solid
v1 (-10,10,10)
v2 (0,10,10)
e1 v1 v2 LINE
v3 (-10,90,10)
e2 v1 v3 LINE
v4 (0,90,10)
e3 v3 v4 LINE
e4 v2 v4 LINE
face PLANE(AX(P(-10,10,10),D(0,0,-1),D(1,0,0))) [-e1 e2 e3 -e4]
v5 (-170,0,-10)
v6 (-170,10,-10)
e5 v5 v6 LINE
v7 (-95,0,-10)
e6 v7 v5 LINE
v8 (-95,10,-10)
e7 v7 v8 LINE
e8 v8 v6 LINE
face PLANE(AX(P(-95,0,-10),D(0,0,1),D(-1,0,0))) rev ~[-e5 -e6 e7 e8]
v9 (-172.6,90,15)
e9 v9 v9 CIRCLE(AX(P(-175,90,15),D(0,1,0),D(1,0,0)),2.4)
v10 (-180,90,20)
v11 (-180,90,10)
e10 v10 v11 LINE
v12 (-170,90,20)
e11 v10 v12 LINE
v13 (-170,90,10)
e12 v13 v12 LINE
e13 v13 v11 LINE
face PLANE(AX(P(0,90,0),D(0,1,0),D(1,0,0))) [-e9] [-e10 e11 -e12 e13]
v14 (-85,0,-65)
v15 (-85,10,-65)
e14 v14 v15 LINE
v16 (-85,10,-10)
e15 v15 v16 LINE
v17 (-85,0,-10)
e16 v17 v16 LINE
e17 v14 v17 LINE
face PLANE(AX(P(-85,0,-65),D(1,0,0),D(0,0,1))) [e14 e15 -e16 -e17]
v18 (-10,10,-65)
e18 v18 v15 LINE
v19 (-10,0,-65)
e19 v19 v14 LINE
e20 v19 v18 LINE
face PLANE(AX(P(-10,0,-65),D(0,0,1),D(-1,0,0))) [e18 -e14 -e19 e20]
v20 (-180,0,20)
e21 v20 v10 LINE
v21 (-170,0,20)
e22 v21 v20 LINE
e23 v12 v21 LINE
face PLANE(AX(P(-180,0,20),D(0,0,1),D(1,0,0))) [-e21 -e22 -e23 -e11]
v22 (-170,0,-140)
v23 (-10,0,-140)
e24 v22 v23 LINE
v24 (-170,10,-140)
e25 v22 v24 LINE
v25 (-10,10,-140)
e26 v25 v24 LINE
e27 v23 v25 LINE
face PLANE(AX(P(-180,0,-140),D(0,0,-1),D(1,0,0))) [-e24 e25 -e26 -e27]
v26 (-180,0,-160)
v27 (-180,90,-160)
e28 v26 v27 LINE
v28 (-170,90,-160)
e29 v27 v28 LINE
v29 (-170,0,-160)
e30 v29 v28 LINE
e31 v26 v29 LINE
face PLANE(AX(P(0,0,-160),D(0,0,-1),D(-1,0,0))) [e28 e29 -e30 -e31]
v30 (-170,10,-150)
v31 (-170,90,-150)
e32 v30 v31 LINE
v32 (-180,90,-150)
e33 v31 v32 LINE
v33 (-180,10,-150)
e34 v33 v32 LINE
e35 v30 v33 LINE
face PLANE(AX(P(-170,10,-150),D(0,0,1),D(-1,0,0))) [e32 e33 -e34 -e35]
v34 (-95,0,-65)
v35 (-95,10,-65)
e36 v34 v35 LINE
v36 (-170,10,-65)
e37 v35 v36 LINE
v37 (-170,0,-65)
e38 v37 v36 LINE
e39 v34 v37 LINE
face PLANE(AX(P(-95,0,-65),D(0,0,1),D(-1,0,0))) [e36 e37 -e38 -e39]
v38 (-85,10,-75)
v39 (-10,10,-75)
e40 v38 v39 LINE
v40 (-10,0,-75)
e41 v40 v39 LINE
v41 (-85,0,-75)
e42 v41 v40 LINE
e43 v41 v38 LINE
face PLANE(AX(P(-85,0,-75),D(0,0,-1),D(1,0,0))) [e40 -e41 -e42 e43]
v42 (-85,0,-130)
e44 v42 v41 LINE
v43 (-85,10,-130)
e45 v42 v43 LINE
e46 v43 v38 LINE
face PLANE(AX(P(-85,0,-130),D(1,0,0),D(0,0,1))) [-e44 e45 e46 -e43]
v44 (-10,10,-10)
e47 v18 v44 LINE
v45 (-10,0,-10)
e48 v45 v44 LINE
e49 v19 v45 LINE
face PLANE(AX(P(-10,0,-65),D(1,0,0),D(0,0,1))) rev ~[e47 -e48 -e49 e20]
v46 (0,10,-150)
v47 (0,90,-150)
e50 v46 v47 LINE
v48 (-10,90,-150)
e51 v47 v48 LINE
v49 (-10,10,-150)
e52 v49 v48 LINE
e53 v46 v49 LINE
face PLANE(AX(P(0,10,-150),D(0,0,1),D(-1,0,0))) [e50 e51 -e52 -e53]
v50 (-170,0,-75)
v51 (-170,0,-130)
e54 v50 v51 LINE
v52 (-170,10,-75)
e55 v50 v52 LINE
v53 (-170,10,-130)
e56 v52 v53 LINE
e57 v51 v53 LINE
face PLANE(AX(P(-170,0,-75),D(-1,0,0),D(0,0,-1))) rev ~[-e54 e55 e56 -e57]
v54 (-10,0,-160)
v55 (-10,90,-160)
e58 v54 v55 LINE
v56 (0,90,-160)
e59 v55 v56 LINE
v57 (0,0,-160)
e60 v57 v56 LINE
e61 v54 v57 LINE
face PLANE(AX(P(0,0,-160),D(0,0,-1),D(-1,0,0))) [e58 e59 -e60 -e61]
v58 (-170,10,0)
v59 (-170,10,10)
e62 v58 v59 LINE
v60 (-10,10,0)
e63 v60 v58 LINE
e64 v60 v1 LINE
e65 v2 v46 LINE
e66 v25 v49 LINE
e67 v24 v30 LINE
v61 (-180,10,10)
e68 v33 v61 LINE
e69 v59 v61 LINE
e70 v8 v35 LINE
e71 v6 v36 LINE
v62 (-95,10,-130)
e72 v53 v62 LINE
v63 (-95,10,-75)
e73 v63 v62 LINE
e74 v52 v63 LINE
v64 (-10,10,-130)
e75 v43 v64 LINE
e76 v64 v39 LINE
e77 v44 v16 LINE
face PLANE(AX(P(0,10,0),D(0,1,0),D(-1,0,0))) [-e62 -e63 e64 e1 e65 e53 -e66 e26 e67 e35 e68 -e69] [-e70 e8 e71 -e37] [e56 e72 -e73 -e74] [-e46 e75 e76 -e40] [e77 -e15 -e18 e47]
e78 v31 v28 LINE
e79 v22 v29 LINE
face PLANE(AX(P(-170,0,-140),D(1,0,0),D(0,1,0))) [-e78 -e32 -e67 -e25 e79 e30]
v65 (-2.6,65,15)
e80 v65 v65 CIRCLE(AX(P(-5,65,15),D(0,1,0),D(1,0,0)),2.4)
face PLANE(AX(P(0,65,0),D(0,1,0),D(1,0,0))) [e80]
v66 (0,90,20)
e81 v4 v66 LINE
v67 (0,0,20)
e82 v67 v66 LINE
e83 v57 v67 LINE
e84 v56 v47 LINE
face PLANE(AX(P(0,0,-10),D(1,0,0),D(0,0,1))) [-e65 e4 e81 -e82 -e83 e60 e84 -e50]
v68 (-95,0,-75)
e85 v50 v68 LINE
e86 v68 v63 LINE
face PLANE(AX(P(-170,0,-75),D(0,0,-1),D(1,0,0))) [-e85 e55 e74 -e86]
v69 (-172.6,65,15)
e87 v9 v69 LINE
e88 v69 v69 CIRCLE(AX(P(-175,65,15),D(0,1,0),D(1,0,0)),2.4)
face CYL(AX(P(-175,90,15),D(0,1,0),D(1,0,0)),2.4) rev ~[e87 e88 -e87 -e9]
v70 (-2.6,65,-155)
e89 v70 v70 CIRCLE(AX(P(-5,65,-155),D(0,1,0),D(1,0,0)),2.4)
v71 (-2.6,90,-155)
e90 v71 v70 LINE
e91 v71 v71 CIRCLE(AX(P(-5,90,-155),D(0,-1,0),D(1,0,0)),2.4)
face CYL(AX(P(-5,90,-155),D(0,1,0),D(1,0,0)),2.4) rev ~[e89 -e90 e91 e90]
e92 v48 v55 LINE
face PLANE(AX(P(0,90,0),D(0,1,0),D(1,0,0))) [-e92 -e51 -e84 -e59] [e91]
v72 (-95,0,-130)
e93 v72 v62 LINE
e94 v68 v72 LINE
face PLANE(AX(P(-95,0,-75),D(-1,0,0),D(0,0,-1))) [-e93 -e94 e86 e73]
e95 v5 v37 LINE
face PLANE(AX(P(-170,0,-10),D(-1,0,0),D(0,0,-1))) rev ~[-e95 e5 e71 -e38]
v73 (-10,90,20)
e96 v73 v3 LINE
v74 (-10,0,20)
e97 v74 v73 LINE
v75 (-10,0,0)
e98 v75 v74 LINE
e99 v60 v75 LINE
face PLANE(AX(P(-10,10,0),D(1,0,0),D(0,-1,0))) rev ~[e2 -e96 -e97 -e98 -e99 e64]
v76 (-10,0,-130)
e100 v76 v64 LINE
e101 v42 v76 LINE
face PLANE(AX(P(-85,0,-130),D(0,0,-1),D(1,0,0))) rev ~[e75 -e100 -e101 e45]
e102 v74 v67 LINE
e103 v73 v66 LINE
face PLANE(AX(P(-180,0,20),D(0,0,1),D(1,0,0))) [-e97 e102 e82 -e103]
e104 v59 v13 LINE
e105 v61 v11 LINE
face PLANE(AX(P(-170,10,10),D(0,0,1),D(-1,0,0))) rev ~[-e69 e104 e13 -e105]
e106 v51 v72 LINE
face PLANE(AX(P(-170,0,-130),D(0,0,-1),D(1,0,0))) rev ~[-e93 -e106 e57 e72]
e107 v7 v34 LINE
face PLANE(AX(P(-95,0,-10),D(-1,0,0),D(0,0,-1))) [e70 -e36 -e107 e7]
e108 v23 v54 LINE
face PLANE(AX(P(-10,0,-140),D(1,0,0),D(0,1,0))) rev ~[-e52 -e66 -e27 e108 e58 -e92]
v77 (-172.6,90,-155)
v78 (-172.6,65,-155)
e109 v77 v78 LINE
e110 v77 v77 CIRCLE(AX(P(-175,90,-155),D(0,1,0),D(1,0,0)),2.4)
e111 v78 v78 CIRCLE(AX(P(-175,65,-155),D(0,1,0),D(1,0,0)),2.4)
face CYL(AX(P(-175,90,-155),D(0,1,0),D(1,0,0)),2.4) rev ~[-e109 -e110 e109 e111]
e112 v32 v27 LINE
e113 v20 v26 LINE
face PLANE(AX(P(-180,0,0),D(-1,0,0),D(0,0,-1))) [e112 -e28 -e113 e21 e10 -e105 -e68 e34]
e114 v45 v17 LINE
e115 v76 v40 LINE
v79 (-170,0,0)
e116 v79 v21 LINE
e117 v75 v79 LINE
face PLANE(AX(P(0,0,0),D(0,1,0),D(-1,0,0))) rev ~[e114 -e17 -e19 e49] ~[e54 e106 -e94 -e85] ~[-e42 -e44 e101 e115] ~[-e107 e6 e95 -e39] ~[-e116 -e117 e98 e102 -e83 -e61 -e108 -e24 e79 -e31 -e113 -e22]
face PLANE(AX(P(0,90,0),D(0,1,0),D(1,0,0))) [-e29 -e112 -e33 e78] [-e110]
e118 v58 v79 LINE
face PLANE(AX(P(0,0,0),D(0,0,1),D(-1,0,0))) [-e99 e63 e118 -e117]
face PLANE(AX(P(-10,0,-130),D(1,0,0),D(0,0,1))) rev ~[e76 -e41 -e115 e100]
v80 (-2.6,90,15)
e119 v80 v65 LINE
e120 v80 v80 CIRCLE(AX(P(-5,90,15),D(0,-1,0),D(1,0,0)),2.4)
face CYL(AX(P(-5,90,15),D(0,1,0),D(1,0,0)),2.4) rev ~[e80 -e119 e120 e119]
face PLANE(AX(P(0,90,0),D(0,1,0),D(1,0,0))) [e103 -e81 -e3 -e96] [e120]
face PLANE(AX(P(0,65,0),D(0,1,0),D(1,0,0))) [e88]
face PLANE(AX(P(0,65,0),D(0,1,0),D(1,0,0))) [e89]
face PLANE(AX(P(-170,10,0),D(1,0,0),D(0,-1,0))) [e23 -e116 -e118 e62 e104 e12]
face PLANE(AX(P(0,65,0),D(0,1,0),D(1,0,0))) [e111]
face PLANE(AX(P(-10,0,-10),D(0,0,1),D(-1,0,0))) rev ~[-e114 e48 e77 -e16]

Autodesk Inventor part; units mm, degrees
ref_plane "YZ Plane" through (0, 0, 0) normal (1, 0, 0) x (0, 1, 0)
ref_plane "XZ Plane" through (0, 0, 0) normal (0, 1, 0) x (-1, 0, 0)
ref_plane "XY Plane" through (0, 0, 0) normal (0, 0, 1) x (1, 0, 0)
sketch "Sketch1" plane through (0, 0, 0) normal (0, 1, 0) x (-1, 0, 0)
  line L0 (0, 0) -> (180, 0)
  line L1 (180, 0) -> (180, -140)
  line L2 (180, -140) -> (0, -140)
  line L3 (0, -140) -> (0, 0)
  line L4 (0, 0) -> (0, -10)
  line L5 (0, -10) -> (10, -10)
  line L6 (180, -140) -> (170, -140)
  line L7 (170, -140) -> (170, -130)
  line L8 (170, -130) -> (10, -130)
  line L9 (10, -130) -> (10, -10)
  line L10 (10, -10) -> (170, -10)
  line L11 (170, -10) -> (170, -130)
  line L12 (90, -130) -> (95, -130)
  line L13 (95, -130) -> (85, -130)
  line L14 (85, -130) -> (85, -10)
  line L15 (85, -10) -> (95, -10)
  line L16 (95, -10) -> (95, -130)
  line L17 (170, -70) -> (170, -75)
  line L18 (170, -75) -> (10, -75)
  line L19 (10, -75) -> (10, -65)
  line L20 (10, -65) -> (170, -65)
  line L21 (170, -65) -> (170, -75)
  dimension "d0" = 180
  dimension "d1" = 140
  dimension "d2" = 10
  dimension "d3" = 10
  dimension "d4" = 10
  dimension "d5" = 10
  dimension "d6" = 5
  dimension "d7" = 10
  dimension "d8" = 5
  dimension "d9" = 10
extrude "Extrusion1" add sketch "Sketch1" along normal blind 10 contours L0 L1 L2 L7 L11 L10 L5 L3 | L5 L9 L8 L7 L2 L3 | L20 L14 L18 L9 | L10 L16 L20 L14 | L20 L16 L18 L14 | L8 L14 L18 L16 | L18 L16 L20 L11
sketch "Sketch2" plane through (0, 0, -140) normal (0, 0, -1) x (-1, 0, 0)
  line L0 (180, 0) -> (0, 0) projected
  line L1 (170, 0) -> (170, 10) projected
  line L2 (180, 0) -> (170, 0)
  line L3 (170, 0) -> (170, 10)
  line L4 (170, 10) -> (180, 10)
  line L5 (180, 10) -> (180, 0)
  line L6 (10, 0) -> (10, 10) projected
  line L7 (0, 0) -> (10, 0)
  line L8 (10, 0) -> (10, 10)
  line L9 (10, 10) -> (0, 10)
  line L10 (0, 10) -> (0, 0)
  dimension "d12" = 10
  dimension "d13" = 10
  dimension "d14" = 10
extrude "Extrusion2" add sketch "Sketch2" along normal blind 20
sketch "Sketch3" plane through (-180, 0, 0) normal (0, 0, 1) x (1, 0, 0)
  line L0 (0, 10) -> (10, 10) projected
  line L1 (85, 0) -> (10, 0) projected
  line L2 (0, 10) -> (10, 10)
  line L3 (10, 10) -> (10, 0)
  line L4 (10, 0) -> (0, 0)
  line L5 (0, 0) -> (0, 10)
  line L6 (180, 0) -> (180, 10) projected
  line L7 (170, 0) -> (95, 0) projected
  line L8 (180, 10) -> (170, 10)
  line L9 (170, 10) -> (170, 0)
  line L10 (170, 0) -> (180, 0)
  line L11 (180, 0) -> (180, 10)
  dimension "d17" = 10
extrude "Extrusion3" add sketch "Sketch3" along normal blind 20
sketch "Sketch4" plane through (0, 10, 0) normal (0, 1, 0) x (1, 0, 0)
  line L0 (-180, -20) -> (-180, 160) projected
  line L1 (-170, 0) -> (-170, -20) projected
  line L2 (-180, -20) -> (-170, -20)
  line L3 (-170, -20) -> (-170, -10)
  line L4 (-170, -10) -> (-180, -10)
  line L5 (-180, -10) -> (-180, -20)
  line L6 (-170, 140) -> (-170, 160) projected
  line L7 (-180, 160) -> (-170, 160)
  line L8 (-170, 160) -> (-170, 150)
  line L9 (-170, 150) -> (-180, 150)
  line L10 (-180, 150) -> (-180, 160)
  line L11 (-10, 160) -> (0, 160) projected
  line L12 (0, 160) -> (0, -20) projected
  line L13 (-10, 160) -> (0, 160)
  line L14 (0, 160) -> (0, 150)
  line L15 (0, 150) -> (-10, 150)
  line L16 (-10, 150) -> (-10, 160)
  line L17 (-10, -20) -> (0, -20) projected
  line L18 (-10, 0) -> (-10, -20) projected
  line L19 (0, -20) -> (-10, -20)
  line L20 (-10, -20) -> (-10, -15)
  line L21 (0, -15) -> (0, -20)
  line L22 (0, -20) -> (0, 160) projected
  line L23 (-10, 0) -> (-10, -20) projected
  line L24 (0, -20) -> (-10, -20)
  line L25 (-10, -20) -> (-10, -10)
  line L26 (-10, -10) -> (0, -10)
  line L27 (0, -10) -> (0, -20)
  point P0 (0, 0)
  dimension "d20" = 10
  dimension "d21" = 10
  dimension "d22" = 10
  dimension "d50" = 10
extrude "Extrusion4" add sketch "Sketch4" along normal blind 80
sketch "Sketch7" plane through (0, 90, 0) normal (0, 1, 0) x (1, 0, 0)
  line L0 (-10, -20) -> (0, -20) projected
  line L1 (-5, -20) -> (-5, -15)
  line L2 (0, 160) -> (-10, 160) projected
  line L3 (-5, 160) -> (-5, 155)
  circle A0 centre (-5, 155) radius 2.4
  circle A1 centre (-5, -15) radius 2.4
  circle A2 centre (-175, 155) radius 2.4
  circle A3 centre (-175, -15) radius 2.4
  point P0 (0, 0)
  dimension "d40" = 5
  dimension "d41" = 5
  dimension "d42" = 4.8
  dimension "d47" = 4.8
  dimension "d51" = 4.8
  dimension "d52" = 4.8
extrude "Extrusion7" cut sketch "Sketch7" against normal blind 25
properties part number "Raket_Holder"
